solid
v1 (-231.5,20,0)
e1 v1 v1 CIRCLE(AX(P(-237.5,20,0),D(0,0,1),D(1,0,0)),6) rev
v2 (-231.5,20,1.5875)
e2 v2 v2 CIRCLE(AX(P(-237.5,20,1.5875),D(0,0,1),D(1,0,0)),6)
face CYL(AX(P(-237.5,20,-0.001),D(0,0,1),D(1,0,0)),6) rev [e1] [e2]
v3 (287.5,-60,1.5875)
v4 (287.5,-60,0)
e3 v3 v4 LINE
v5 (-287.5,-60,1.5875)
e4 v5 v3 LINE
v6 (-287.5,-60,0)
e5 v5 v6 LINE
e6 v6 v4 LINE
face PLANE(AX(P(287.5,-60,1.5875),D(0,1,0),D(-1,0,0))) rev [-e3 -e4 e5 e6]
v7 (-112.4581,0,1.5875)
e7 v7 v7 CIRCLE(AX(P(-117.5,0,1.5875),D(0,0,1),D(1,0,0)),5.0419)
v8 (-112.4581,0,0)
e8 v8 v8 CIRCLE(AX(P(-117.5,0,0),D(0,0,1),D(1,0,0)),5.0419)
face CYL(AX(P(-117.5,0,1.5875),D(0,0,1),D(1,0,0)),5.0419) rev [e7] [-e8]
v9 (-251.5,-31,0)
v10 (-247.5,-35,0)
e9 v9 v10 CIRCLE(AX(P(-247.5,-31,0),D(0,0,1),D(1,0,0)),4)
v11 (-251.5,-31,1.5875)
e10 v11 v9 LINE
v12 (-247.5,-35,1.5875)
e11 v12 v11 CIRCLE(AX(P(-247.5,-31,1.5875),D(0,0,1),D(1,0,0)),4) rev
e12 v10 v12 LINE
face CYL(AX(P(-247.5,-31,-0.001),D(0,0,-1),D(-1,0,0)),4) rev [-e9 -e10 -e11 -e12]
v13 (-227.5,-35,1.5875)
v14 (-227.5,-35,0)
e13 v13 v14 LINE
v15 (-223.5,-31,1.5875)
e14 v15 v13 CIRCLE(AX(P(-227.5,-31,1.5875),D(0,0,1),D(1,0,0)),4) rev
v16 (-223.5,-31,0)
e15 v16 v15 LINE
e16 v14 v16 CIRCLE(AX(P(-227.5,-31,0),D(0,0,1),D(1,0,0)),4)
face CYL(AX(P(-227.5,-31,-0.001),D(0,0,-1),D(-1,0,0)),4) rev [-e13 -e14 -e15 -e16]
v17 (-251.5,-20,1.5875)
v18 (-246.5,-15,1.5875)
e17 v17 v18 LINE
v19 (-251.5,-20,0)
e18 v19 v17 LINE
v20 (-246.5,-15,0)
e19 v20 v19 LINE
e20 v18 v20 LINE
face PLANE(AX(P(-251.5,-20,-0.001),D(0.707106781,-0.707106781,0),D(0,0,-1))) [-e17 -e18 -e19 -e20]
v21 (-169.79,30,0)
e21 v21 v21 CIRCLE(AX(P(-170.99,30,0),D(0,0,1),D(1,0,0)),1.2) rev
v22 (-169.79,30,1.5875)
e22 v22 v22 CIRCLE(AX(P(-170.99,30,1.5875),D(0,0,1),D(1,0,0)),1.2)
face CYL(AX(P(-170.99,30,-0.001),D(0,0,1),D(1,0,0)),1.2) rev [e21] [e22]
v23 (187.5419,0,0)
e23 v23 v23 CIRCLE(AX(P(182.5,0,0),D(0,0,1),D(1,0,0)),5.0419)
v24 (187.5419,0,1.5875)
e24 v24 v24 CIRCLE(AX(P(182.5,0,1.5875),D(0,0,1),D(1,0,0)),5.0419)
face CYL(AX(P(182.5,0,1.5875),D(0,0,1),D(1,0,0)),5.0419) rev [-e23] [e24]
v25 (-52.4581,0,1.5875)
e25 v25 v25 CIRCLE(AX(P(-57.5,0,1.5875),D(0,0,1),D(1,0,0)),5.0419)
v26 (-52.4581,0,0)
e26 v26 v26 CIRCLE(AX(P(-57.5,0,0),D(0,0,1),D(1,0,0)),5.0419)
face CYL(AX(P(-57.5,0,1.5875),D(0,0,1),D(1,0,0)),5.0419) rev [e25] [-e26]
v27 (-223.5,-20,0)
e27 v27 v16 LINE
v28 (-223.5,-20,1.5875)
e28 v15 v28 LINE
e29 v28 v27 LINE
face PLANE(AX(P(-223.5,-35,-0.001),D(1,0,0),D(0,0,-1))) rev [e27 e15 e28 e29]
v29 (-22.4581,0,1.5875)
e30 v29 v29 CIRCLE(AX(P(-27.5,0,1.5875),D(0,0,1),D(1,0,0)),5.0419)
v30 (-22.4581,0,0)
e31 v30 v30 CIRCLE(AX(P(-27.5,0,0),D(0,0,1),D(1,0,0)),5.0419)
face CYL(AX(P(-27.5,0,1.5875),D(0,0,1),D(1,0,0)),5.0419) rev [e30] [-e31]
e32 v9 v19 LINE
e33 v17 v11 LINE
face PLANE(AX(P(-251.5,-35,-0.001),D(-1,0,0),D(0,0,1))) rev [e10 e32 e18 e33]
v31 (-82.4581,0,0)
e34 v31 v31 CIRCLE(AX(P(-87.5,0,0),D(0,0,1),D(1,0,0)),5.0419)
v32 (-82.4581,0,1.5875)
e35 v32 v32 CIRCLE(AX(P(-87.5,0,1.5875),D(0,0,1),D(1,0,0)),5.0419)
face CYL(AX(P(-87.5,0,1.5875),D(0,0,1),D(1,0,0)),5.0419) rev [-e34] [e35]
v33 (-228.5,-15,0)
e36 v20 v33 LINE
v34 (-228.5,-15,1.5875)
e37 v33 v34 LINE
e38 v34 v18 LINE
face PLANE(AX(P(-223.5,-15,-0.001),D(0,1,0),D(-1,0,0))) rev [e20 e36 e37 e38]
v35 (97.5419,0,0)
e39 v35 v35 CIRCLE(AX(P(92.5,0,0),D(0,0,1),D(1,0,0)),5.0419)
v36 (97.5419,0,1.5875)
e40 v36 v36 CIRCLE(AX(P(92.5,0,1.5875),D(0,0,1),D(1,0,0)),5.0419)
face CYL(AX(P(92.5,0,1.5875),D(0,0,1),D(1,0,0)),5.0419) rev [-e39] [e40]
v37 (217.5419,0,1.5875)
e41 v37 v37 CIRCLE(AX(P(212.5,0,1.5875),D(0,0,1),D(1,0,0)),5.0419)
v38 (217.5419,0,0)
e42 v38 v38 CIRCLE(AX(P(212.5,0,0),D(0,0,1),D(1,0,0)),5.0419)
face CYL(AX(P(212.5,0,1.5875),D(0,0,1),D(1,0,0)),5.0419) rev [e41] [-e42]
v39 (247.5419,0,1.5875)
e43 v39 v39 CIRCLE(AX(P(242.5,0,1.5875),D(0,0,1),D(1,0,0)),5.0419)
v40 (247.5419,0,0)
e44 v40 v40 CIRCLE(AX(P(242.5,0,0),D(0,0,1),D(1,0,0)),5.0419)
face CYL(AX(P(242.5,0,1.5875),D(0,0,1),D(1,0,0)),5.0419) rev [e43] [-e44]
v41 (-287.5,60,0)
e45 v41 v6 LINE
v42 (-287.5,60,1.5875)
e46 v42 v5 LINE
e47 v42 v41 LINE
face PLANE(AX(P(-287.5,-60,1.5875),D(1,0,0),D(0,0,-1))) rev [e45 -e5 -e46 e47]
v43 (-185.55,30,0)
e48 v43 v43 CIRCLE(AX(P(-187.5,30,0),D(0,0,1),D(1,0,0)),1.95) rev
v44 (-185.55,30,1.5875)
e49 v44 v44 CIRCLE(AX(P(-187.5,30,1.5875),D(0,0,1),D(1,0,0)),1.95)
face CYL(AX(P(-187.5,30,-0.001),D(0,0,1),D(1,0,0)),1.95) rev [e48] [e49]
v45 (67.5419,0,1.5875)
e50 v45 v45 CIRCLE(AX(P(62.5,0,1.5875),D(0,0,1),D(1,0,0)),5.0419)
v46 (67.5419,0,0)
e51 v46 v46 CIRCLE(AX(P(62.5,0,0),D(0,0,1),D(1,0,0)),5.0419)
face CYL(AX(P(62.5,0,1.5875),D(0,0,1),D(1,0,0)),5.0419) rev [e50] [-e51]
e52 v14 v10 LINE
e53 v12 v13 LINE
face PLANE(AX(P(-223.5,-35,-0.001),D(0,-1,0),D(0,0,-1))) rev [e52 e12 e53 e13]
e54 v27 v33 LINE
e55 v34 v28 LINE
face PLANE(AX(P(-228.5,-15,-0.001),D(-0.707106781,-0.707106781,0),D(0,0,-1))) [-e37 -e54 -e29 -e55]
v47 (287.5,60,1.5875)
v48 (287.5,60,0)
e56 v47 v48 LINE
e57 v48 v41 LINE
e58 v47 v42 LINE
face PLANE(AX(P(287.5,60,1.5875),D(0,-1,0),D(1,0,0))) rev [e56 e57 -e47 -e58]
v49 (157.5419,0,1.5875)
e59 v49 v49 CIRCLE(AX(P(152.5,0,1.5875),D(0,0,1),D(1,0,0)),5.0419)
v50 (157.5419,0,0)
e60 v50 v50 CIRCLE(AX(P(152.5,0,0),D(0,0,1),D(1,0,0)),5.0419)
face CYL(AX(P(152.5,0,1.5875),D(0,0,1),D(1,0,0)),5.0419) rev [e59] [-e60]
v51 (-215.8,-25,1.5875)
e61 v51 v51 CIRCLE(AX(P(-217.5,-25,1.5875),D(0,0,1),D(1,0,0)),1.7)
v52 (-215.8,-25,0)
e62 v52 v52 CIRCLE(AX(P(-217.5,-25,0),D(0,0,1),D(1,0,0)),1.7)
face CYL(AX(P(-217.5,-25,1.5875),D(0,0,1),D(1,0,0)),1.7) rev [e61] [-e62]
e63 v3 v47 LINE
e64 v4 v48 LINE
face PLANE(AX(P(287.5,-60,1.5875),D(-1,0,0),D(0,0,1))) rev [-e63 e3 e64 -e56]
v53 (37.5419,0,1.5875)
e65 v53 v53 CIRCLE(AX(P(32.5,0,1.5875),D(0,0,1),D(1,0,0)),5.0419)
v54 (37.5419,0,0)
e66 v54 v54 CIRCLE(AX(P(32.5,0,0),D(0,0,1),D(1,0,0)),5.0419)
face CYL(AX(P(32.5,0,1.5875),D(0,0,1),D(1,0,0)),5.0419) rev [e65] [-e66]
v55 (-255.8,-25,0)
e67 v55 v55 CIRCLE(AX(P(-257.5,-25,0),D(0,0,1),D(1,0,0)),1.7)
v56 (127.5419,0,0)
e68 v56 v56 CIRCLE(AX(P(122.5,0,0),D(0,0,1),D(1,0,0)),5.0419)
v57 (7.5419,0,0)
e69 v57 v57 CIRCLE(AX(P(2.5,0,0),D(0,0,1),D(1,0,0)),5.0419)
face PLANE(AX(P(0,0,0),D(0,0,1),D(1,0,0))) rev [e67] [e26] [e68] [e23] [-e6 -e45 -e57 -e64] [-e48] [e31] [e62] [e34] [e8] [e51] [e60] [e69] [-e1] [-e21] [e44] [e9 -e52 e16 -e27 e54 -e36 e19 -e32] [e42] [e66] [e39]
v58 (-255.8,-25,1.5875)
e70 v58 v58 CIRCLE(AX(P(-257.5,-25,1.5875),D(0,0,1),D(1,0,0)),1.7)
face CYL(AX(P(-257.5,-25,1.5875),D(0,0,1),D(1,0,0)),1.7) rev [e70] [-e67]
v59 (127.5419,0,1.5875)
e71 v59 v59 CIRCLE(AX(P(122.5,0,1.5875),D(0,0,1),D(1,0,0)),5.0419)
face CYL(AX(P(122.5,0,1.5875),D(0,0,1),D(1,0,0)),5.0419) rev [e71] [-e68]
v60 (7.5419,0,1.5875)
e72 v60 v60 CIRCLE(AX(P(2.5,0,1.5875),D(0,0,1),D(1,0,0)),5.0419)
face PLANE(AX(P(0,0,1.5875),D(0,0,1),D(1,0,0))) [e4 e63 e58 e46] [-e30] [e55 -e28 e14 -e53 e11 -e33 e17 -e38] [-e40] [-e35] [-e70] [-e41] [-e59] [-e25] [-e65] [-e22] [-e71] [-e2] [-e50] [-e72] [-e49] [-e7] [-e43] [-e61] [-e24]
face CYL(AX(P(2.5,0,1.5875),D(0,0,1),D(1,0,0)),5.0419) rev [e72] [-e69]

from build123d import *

# Parameters (mm, degrees)
SKETCH1_W               = 575
SKETCH1_H               = 120
BOSS_EXTRUDE1_DEPTH     = 1.5875
M3_CLEARANCE_HOLE1_D    = 3.4
F_3_8_CLEARANCE_HOLE1_D = 10.0838
LPATTERN1_COUNT         = 13
LPATTERN1_PITCH         = 30
CUT_EXTRUDE1_REACH      = 295.698
SKETCH8_R               = 1.95
SKETCH8_R_2             = 1.2
CUT_EXTRUDE2_REACH      = 295.698
SKETCH9_W               = 28
SKETCH9_H               = 20
FILLET1_R               = 4
CHAMFER1_SIZE           = 5
CUT_EXTRUDE3_REACH      = 295.698
SKETCH10_R              = 6


with BuildPart() as part:
    # Sketch1 → Boss-Extrude1 (new body)
    with BuildSketch(Plane.XY):
        Rectangle(SKETCH1_W, SKETCH1_H)
    extrude(amount=BOSS_EXTRUDE1_DEPTH)

    # M3 Clearance Hole1 (through all)
    with Locations(Plane.XY.offset(1.5875)):
        with Locations((-257.5, -25), (-217.5, -25)):
            Hole(M3_CLEARANCE_HOLE1_D / 2)

    # 3/8 Clearance Hole1 (through all)
    with Locations(Plane.XY.offset(1.5875)):
        with Locations((-117.5, 0)):
            f_3_8_clearance_hole1 = Hole(F_3_8_CLEARANCE_HOLE1_D / 2)

    # LPattern1: 3/8 Clearance Hole1 ×13
    with Locations(*[(i * LPATTERN1_PITCH, 0, 0) for i in range(1, LPATTERN1_COUNT)]):
        add(f_3_8_clearance_hole1, mode=Mode.SUBTRACT)

    # Sketch8 → Cut-Extrude1 (cut, up to next)
    with BuildSketch(Plane.XY.offset(1.5875), mode=Mode.PRIVATE) as cut_extrude1_sk1:
        with Locations((-187.5, 30)):
            Circle(SKETCH8_R)
    cut_extrude1_tool1 = extrude(cut_extrude1_sk1.sketch, amount=-CUT_EXTRUDE1_REACH, mode=Mode.PRIVATE) & part.part
    # Sketch8 → Cut-Extrude1 (cut, up to next)
    with BuildSketch(Plane.XY.offset(1.5875), mode=Mode.PRIVATE) as cut_extrude1_sk2:
        with Locations((-170.99, 30)):
            Circle(SKETCH8_R_2)
    cut_extrude1_tool2 = extrude(cut_extrude1_sk2.sketch, amount=-CUT_EXTRUDE1_REACH, mode=Mode.PRIVATE) & part.part
    add(cut_extrude1_tool1.solids().sort_by_distance((-187.5, 30, 1.5875))[0], mode=Mode.SUBTRACT)
    add(cut_extrude1_tool2.solids().sort_by_distance((-170.99, 30, 1.5875))[0], mode=Mode.SUBTRACT)

    # Sketch9 → Cut-Extrude2 (cut, up to next)
    with BuildSketch(Plane.XY.offset(1.5875), mode=Mode.PRIVATE) as cut_extrude2_sk1:
        with Locations((-237.5, -25)):
            Rectangle(SKETCH9_W, SKETCH9_H)
    cut_extrude2_tool1 = extrude(cut_extrude2_sk1.sketch, amount=-CUT_EXTRUDE2_REACH, mode=Mode.PRIVATE) & part.part
    add(cut_extrude2_tool1.solids().sort_by_distance((-237.5, -25, 1.5875))[0], mode=Mode.SUBTRACT)

    # Fillet1
    fillet1_edges = [part.edges().sort_by_distance(p)[0] for p in [
        (-251.5, -35, 0.79375),
        (-223.5, -35, 0.79375),
    ]]
    fillet(fillet1_edges, radius=FILLET1_R)

    # Chamfer1
    chamfer1_edges = [part.edges().sort_by_distance(p)[0] for p in [
        (-251.5, -15, 0.79375),
        (-223.5, -15, 0.79375),
    ]]
    chamfer(chamfer1_edges, length=CHAMFER1_SIZE)

    # Sketch10 → Cut-Extrude3 (cut, up to next)
    with BuildSketch(Plane.XY.offset(1.5875), mode=Mode.PRIVATE) as cut_extrude3_sk1:
        with Locations((-237.5, 20)):
            Circle(SKETCH10_R)
    cut_extrude3_tool1 = extrude(cut_extrude3_sk1.sketch, amount=-CUT_EXTRUDE3_REACH, mode=Mode.PRIVATE) & part.part
    add(cut_extrude3_tool1.solids().sort_by_distance((-237.5, 20, 1.5875))[0], mode=Mode.SUBTRACT)


solid = part.part
